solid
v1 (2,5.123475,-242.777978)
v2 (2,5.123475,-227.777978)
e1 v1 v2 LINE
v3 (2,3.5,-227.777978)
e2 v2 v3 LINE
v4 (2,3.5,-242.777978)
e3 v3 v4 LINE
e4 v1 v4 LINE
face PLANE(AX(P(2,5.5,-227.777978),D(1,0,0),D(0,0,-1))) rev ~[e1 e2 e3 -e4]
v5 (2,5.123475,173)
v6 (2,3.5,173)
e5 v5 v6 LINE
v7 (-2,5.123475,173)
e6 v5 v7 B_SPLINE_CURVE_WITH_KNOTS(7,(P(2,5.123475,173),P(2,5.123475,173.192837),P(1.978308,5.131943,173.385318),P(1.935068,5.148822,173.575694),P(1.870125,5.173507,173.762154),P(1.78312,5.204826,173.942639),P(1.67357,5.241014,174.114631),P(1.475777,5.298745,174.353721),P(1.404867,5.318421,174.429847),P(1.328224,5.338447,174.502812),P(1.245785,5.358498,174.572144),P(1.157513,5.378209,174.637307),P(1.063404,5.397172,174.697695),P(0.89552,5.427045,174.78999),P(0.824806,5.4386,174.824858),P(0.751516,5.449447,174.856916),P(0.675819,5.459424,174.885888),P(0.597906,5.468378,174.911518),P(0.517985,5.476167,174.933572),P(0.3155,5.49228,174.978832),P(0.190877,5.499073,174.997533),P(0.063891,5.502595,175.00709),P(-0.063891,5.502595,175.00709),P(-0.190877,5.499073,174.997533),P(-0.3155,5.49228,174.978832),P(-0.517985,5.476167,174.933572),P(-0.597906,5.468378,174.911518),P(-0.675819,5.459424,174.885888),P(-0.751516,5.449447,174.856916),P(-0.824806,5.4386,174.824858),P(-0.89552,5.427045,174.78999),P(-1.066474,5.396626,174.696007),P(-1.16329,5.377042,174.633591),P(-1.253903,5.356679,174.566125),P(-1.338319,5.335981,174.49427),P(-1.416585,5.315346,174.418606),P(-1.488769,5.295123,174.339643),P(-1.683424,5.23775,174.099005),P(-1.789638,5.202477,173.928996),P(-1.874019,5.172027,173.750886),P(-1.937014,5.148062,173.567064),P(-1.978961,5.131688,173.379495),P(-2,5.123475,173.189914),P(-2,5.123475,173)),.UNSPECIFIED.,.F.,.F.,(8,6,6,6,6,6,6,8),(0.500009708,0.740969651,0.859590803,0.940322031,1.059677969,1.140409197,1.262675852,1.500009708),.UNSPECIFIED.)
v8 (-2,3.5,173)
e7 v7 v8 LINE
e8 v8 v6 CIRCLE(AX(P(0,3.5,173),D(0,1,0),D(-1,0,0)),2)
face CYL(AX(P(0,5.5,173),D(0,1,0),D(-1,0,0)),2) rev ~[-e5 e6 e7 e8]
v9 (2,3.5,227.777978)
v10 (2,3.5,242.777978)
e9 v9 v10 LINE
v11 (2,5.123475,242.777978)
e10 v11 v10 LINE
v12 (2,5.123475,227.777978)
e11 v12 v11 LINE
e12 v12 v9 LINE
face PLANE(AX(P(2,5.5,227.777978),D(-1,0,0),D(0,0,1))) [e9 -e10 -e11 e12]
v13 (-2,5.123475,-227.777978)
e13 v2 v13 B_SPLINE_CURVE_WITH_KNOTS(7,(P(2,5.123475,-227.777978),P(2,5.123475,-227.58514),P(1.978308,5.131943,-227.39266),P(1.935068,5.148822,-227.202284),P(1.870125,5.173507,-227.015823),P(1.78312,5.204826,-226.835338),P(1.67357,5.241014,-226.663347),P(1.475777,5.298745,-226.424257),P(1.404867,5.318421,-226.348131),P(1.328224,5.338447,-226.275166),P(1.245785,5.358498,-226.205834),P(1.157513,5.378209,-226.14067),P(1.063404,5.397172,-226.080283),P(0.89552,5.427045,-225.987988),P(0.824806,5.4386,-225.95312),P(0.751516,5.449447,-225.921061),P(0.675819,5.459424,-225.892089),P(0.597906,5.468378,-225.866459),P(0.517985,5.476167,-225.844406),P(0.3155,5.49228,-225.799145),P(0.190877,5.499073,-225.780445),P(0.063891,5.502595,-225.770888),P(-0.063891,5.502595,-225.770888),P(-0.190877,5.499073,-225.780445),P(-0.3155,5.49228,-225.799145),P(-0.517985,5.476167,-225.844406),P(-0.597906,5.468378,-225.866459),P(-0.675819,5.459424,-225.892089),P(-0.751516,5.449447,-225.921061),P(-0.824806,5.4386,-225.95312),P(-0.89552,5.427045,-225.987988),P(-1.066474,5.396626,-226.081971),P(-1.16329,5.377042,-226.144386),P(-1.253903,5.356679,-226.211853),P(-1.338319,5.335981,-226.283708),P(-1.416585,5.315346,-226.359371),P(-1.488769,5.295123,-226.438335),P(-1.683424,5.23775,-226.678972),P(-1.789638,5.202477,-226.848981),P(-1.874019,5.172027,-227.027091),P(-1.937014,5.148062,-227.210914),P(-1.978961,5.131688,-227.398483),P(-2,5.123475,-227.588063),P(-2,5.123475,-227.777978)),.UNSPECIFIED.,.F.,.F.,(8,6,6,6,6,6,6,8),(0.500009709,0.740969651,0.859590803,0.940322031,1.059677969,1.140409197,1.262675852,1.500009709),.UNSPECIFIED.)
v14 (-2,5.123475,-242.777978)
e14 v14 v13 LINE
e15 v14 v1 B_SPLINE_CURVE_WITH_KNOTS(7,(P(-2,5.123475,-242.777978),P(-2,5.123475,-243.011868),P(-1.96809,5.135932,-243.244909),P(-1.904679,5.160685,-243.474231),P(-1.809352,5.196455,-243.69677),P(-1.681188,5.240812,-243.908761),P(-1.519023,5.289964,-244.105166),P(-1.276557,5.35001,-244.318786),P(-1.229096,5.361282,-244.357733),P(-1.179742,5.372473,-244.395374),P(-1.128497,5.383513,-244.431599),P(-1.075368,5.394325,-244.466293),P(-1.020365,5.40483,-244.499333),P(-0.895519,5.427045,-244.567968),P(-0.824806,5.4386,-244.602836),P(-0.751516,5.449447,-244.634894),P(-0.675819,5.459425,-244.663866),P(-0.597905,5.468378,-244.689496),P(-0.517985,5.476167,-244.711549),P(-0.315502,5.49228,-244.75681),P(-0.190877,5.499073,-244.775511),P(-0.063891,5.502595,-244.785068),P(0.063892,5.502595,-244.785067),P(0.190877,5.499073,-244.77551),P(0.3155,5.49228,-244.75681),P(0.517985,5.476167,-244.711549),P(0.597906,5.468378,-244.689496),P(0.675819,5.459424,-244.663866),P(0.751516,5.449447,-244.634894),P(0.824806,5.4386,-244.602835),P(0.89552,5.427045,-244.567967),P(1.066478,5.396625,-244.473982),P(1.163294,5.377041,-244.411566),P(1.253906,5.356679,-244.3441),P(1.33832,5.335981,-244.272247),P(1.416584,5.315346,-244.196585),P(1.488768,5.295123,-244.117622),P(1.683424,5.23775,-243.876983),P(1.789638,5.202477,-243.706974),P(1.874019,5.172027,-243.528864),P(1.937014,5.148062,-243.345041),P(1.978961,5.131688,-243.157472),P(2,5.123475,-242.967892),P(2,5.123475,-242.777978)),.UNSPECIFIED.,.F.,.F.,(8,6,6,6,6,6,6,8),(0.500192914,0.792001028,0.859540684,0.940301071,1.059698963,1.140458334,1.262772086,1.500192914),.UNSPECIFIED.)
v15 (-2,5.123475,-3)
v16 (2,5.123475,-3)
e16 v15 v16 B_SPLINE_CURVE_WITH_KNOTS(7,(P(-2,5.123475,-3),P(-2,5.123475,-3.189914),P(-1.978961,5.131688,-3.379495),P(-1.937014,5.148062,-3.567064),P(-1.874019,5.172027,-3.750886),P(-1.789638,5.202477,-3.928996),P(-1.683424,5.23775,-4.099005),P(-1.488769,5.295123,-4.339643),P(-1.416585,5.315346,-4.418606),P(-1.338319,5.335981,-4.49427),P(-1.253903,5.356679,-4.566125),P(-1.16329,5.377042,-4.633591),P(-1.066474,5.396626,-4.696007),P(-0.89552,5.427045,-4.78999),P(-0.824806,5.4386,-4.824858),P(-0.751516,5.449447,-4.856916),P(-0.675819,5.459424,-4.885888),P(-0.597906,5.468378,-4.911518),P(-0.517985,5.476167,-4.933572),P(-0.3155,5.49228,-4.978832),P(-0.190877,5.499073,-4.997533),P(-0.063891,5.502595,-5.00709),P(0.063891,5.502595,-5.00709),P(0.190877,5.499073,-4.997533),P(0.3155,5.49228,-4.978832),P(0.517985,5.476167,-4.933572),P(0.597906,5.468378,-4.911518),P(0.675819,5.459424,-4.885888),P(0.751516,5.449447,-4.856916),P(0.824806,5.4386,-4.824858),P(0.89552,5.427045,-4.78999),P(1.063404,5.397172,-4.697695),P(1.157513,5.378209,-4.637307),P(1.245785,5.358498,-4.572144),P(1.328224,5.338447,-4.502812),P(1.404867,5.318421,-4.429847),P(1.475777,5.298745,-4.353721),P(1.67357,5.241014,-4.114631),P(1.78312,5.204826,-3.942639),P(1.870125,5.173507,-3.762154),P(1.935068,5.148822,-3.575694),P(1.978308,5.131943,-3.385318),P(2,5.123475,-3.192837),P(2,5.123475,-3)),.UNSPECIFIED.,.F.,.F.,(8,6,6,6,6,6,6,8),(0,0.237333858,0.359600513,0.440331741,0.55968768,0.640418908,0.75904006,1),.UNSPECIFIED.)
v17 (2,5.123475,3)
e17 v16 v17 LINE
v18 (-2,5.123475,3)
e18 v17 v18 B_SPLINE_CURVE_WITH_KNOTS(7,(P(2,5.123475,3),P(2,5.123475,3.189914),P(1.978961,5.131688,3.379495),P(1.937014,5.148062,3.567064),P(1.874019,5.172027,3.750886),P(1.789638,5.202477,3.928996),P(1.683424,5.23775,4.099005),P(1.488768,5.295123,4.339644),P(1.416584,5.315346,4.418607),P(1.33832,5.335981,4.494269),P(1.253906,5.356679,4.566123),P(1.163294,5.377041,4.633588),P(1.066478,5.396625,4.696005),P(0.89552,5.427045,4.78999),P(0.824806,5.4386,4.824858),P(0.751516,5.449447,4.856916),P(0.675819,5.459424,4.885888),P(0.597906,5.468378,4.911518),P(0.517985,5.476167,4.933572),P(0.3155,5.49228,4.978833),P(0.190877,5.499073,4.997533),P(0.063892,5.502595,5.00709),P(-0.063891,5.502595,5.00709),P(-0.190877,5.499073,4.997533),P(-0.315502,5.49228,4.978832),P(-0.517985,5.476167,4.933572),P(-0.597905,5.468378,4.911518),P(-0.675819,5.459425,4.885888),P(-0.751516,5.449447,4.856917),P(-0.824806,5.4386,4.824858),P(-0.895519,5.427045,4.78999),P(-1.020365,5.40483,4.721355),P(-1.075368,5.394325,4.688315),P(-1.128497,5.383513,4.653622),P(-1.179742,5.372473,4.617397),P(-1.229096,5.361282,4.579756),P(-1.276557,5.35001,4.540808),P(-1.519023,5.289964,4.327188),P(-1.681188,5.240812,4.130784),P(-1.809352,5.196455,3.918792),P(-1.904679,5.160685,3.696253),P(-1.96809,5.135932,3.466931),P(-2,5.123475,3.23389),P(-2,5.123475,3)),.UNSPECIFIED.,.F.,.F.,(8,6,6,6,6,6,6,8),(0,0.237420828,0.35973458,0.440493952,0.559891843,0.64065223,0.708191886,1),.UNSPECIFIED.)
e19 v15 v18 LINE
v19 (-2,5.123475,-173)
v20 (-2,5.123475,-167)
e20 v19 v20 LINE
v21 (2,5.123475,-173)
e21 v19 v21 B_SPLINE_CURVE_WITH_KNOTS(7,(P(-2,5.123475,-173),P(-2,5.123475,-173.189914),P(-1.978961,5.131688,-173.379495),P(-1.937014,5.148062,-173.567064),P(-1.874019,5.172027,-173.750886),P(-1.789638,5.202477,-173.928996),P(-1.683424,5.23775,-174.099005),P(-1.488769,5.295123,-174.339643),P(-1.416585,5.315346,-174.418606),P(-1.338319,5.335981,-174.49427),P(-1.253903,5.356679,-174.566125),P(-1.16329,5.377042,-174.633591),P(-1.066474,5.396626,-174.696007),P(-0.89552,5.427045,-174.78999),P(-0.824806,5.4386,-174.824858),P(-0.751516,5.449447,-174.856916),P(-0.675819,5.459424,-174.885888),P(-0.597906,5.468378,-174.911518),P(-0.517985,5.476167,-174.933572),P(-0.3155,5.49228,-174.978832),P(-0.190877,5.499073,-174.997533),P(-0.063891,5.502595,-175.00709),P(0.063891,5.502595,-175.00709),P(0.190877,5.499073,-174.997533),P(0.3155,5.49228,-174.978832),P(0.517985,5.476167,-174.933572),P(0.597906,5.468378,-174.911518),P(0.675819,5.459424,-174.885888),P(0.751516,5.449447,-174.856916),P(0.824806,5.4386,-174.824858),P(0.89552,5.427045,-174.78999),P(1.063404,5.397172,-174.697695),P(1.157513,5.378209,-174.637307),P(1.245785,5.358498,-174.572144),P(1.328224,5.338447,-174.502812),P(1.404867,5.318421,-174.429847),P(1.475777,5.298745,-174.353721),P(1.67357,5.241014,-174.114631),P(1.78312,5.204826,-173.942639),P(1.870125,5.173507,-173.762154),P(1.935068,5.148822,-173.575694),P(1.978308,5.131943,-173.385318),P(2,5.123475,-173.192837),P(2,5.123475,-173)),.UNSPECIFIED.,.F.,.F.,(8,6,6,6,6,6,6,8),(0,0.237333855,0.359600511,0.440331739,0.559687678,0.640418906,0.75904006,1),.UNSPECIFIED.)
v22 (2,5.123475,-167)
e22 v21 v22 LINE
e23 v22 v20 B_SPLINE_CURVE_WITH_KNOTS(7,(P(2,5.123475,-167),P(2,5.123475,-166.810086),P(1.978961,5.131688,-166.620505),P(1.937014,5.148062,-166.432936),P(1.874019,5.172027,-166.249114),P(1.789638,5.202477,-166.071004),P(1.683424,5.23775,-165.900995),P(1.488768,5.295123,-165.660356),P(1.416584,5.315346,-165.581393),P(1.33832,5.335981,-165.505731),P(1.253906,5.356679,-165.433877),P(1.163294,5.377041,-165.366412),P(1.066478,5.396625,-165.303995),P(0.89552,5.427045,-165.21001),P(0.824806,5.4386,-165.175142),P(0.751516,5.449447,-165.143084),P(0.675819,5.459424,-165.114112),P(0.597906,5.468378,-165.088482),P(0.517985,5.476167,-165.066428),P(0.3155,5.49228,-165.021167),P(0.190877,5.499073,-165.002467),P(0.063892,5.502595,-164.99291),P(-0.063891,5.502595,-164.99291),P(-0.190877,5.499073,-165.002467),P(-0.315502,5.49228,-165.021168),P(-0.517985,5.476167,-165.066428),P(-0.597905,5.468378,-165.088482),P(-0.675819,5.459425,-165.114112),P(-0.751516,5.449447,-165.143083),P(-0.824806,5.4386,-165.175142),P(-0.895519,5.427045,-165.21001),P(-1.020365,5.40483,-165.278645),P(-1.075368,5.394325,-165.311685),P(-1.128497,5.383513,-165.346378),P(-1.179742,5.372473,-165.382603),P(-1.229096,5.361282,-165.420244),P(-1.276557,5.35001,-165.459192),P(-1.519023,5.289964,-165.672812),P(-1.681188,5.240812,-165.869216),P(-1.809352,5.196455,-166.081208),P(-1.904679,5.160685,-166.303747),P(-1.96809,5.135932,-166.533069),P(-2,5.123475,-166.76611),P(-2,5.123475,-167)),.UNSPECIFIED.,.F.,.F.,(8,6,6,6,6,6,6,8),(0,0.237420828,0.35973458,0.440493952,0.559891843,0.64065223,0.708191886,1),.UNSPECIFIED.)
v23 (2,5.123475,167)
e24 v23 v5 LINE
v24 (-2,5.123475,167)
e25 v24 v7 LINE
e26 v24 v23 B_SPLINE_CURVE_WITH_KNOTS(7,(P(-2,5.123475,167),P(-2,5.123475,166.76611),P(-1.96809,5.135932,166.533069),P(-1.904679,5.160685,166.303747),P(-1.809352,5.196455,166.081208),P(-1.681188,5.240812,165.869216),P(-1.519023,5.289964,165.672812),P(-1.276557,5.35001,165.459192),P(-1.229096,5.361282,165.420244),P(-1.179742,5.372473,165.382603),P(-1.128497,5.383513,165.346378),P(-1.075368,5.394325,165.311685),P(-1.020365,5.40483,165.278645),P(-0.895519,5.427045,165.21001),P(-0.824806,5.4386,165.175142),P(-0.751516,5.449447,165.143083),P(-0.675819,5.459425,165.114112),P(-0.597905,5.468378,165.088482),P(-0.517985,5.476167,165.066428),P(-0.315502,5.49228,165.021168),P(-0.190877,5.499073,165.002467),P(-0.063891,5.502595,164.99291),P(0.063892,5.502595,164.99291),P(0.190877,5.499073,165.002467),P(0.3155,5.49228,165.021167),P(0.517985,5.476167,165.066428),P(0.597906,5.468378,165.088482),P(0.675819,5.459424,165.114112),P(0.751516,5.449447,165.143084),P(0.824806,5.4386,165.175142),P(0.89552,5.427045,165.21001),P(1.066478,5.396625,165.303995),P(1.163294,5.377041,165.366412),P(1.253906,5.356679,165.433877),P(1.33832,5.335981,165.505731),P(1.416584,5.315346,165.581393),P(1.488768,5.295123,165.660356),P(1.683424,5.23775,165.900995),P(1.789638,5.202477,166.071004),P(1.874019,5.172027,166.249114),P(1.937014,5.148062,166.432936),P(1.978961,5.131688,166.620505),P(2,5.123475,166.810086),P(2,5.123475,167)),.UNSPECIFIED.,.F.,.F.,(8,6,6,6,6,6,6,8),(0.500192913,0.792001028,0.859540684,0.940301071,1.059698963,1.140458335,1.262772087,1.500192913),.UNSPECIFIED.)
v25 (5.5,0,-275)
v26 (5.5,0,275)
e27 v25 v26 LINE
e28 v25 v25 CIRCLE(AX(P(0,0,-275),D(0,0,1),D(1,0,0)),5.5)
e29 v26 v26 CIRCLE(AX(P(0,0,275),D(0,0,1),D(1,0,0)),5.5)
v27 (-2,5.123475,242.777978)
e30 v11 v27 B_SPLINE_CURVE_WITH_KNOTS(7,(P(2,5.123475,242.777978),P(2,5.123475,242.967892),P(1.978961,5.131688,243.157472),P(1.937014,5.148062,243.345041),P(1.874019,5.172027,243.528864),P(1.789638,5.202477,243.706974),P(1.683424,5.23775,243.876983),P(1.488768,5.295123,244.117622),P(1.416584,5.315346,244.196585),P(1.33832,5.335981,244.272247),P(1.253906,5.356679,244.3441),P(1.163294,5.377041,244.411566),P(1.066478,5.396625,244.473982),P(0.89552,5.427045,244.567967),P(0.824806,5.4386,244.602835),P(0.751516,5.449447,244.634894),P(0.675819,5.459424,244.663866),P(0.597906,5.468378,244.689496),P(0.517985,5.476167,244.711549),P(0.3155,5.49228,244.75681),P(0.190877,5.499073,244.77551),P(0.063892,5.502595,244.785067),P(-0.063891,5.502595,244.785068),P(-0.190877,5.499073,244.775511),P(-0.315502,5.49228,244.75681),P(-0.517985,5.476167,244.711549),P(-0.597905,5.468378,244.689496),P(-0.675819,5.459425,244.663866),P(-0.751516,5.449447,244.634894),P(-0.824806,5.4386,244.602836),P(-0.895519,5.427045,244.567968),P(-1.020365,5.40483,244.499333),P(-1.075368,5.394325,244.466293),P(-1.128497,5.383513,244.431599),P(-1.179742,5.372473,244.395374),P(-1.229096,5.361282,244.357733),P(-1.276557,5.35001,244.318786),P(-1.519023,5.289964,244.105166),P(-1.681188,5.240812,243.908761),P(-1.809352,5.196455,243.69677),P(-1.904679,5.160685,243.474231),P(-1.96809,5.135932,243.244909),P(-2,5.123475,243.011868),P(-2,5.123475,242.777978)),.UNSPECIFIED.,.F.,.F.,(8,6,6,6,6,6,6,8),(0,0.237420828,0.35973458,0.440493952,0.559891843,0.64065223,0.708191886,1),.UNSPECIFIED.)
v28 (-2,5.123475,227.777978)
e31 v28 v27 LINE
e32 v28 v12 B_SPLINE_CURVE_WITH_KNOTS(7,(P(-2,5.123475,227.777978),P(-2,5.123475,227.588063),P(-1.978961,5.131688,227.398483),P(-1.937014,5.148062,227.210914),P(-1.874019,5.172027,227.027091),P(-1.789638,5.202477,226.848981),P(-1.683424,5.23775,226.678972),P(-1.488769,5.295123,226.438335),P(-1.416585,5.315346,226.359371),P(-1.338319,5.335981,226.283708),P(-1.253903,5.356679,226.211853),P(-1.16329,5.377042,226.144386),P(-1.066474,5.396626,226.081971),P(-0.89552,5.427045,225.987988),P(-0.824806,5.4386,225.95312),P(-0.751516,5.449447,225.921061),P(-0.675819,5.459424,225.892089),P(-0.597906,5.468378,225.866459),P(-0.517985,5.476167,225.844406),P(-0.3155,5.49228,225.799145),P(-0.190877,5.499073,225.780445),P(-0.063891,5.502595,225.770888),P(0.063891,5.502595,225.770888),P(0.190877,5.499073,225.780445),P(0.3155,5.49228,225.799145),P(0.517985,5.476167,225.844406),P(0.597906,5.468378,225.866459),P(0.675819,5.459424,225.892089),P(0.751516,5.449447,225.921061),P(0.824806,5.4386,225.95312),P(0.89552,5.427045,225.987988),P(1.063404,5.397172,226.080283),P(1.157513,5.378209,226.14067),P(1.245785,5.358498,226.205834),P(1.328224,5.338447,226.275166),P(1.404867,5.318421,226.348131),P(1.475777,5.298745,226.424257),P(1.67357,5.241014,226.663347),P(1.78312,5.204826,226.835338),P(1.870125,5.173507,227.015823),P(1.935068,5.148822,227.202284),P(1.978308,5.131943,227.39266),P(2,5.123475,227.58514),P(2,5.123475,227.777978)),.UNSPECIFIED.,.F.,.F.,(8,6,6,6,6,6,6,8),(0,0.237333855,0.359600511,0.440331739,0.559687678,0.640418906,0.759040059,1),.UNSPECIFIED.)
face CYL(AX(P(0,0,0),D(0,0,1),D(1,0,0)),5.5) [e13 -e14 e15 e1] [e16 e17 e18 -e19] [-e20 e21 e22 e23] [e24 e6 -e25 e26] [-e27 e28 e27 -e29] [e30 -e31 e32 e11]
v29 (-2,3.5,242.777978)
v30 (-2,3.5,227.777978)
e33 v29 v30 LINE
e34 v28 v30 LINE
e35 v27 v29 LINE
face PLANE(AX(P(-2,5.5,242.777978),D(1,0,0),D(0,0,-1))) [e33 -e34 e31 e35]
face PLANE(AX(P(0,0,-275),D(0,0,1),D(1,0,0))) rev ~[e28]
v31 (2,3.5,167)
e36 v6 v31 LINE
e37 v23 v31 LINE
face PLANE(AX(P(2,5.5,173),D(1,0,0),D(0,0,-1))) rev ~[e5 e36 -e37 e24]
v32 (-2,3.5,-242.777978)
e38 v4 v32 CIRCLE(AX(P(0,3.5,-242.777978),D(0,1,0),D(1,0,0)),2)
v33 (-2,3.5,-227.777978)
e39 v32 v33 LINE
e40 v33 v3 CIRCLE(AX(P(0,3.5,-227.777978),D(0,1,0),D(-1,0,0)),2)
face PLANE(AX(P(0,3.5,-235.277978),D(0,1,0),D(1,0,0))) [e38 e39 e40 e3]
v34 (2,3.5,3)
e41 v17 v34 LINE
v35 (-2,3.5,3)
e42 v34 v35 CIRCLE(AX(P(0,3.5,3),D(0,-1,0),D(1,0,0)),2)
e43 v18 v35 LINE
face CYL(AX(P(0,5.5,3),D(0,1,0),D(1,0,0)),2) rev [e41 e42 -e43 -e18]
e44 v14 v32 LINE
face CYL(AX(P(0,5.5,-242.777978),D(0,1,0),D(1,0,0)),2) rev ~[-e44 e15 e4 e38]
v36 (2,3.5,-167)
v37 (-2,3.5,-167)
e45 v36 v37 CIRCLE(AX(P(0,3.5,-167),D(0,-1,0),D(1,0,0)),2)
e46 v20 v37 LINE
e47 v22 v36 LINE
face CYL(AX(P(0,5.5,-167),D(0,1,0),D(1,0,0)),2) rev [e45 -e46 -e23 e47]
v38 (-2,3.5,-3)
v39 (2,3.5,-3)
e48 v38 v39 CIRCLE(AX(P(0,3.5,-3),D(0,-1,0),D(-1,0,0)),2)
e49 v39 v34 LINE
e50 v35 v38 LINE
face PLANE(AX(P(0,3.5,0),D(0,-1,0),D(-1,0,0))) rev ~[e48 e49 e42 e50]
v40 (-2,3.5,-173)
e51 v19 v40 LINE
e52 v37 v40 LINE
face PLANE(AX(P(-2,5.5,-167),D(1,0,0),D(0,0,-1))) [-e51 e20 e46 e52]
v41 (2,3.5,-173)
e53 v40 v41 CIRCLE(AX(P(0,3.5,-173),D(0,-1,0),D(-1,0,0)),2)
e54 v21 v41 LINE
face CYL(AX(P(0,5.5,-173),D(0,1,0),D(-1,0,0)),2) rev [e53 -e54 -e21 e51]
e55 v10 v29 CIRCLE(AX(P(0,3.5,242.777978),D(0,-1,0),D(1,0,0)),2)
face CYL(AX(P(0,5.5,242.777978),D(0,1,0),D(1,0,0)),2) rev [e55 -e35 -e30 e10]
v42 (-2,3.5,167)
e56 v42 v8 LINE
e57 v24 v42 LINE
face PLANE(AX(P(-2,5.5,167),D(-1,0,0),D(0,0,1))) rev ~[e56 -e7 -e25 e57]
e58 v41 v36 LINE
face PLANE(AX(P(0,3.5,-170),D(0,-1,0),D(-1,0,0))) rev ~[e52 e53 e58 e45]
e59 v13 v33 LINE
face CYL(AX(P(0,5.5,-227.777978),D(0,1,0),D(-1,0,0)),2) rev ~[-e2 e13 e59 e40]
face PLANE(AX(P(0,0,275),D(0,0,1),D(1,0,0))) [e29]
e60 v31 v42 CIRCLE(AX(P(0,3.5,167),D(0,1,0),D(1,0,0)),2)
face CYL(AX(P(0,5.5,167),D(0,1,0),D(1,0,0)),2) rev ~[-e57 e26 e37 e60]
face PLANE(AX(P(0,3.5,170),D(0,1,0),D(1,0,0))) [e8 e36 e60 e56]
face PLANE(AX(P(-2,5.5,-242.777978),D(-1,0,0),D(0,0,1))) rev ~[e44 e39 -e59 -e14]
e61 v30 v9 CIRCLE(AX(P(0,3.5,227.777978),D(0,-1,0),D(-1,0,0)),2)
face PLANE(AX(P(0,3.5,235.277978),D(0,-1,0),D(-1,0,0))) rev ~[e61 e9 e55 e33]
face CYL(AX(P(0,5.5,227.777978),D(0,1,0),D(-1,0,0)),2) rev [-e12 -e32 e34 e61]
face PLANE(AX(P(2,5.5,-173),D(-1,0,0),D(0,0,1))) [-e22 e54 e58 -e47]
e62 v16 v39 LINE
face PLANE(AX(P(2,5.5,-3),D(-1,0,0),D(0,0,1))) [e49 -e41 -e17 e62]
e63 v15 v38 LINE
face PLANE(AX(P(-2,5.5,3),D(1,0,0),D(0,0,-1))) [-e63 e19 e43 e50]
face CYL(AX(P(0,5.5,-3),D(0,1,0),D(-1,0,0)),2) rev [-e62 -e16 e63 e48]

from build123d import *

# Parameters (mm, degrees)
SKETCH_1_R          = 5.5
EXTRUDE_1_DEPTH     = 275
CUT_EXTRUDE_1_DEPTH = 2
CUT_EXTRUDE_2_DEPTH = 2
CUT_EXTRUDE_3_DEPTH = 2


with BuildPart() as part:
    # 草图1 → 凸台-拉伸1 (new, symmetric)
    with BuildSketch(Plane.XY):
        Circle(SKETCH_1_R)
    extrude(amount=EXTRUDE_1_DEPTH, both=True)

    # 草图2 → 切除-拉伸1 (cut)
    with BuildSketch(Plane(origin=(0, 5.5, 0), x_dir=(1, 0, 0), z_dir=(0, 1, 0))):
        with BuildLine():
            Line((2, 3), (2, -3))
            ThreePointArc((2, -3), (0, -5), (-2, -3))
            Line((-2, -3), (-2, 3))
            ThreePointArc((-2, 3), (0, 5), (2, 3))
        make_face()
    extrude(amount=-CUT_EXTRUDE_1_DEPTH, mode=Mode.SUBTRACT)

    # 草图3 → 切除-拉伸2 (cut)
    with BuildSketch(Plane(origin=(0, 5.5, 0), x_dir=(1, 0, 0), z_dir=(0, 1, 0))):
        with BuildLine():
            Line((2, 173), (2, 167))
            ThreePointArc((2, 167), (0, 165), (-2, 167))
            Line((-2, 167), (-2, 173))
            ThreePointArc((-2, 173), (0, 175), (2, 173))
        make_face()
        with BuildLine():
            Line((2, -173), (2, -167))
            ThreePointArc((2, -167), (0, -165), (-2, -167))
            Line((-2, -167), (-2, -173))
            ThreePointArc((-2, -173), (0, -175), (2, -173))
        make_face()
    extrude(amount=-CUT_EXTRUDE_2_DEPTH, mode=Mode.SUBTRACT)

    # 草图4 → 切除-拉伸3 (cut)
    with BuildSketch(Plane(origin=(0, 5.5, 0), x_dir=(1, 0, 0), z_dir=(0, 1, 0))):
        with BuildLine():
            Line((-2, -242.77797753), (-2, -227.77797753))
            ThreePointArc((-2, -227.77797753), (0, -225.77797753), (2, -227.77797753))
            Line((2, -227.77797753), (2, -242.77797753))
            ThreePointArc((2, -242.77797753), (0, -244.77797753), (-2, -242.77797753))
        make_face()
        with BuildLine():
            Line((-2, 242.77797753), (-2, 227.77797753))
            ThreePointArc((-2, 227.77797753), (0, 225.77797753), (2, 227.77797753))
            Line((2, 227.77797753), (2, 242.77797753))
            ThreePointArc((2, 242.77797753), (0, 244.77797753), (-2, 242.77797753))
        make_face()
    extrude(amount=-CUT_EXTRUDE_3_DEPTH, mode=Mode.SUBTRACT)


solid = part.part
